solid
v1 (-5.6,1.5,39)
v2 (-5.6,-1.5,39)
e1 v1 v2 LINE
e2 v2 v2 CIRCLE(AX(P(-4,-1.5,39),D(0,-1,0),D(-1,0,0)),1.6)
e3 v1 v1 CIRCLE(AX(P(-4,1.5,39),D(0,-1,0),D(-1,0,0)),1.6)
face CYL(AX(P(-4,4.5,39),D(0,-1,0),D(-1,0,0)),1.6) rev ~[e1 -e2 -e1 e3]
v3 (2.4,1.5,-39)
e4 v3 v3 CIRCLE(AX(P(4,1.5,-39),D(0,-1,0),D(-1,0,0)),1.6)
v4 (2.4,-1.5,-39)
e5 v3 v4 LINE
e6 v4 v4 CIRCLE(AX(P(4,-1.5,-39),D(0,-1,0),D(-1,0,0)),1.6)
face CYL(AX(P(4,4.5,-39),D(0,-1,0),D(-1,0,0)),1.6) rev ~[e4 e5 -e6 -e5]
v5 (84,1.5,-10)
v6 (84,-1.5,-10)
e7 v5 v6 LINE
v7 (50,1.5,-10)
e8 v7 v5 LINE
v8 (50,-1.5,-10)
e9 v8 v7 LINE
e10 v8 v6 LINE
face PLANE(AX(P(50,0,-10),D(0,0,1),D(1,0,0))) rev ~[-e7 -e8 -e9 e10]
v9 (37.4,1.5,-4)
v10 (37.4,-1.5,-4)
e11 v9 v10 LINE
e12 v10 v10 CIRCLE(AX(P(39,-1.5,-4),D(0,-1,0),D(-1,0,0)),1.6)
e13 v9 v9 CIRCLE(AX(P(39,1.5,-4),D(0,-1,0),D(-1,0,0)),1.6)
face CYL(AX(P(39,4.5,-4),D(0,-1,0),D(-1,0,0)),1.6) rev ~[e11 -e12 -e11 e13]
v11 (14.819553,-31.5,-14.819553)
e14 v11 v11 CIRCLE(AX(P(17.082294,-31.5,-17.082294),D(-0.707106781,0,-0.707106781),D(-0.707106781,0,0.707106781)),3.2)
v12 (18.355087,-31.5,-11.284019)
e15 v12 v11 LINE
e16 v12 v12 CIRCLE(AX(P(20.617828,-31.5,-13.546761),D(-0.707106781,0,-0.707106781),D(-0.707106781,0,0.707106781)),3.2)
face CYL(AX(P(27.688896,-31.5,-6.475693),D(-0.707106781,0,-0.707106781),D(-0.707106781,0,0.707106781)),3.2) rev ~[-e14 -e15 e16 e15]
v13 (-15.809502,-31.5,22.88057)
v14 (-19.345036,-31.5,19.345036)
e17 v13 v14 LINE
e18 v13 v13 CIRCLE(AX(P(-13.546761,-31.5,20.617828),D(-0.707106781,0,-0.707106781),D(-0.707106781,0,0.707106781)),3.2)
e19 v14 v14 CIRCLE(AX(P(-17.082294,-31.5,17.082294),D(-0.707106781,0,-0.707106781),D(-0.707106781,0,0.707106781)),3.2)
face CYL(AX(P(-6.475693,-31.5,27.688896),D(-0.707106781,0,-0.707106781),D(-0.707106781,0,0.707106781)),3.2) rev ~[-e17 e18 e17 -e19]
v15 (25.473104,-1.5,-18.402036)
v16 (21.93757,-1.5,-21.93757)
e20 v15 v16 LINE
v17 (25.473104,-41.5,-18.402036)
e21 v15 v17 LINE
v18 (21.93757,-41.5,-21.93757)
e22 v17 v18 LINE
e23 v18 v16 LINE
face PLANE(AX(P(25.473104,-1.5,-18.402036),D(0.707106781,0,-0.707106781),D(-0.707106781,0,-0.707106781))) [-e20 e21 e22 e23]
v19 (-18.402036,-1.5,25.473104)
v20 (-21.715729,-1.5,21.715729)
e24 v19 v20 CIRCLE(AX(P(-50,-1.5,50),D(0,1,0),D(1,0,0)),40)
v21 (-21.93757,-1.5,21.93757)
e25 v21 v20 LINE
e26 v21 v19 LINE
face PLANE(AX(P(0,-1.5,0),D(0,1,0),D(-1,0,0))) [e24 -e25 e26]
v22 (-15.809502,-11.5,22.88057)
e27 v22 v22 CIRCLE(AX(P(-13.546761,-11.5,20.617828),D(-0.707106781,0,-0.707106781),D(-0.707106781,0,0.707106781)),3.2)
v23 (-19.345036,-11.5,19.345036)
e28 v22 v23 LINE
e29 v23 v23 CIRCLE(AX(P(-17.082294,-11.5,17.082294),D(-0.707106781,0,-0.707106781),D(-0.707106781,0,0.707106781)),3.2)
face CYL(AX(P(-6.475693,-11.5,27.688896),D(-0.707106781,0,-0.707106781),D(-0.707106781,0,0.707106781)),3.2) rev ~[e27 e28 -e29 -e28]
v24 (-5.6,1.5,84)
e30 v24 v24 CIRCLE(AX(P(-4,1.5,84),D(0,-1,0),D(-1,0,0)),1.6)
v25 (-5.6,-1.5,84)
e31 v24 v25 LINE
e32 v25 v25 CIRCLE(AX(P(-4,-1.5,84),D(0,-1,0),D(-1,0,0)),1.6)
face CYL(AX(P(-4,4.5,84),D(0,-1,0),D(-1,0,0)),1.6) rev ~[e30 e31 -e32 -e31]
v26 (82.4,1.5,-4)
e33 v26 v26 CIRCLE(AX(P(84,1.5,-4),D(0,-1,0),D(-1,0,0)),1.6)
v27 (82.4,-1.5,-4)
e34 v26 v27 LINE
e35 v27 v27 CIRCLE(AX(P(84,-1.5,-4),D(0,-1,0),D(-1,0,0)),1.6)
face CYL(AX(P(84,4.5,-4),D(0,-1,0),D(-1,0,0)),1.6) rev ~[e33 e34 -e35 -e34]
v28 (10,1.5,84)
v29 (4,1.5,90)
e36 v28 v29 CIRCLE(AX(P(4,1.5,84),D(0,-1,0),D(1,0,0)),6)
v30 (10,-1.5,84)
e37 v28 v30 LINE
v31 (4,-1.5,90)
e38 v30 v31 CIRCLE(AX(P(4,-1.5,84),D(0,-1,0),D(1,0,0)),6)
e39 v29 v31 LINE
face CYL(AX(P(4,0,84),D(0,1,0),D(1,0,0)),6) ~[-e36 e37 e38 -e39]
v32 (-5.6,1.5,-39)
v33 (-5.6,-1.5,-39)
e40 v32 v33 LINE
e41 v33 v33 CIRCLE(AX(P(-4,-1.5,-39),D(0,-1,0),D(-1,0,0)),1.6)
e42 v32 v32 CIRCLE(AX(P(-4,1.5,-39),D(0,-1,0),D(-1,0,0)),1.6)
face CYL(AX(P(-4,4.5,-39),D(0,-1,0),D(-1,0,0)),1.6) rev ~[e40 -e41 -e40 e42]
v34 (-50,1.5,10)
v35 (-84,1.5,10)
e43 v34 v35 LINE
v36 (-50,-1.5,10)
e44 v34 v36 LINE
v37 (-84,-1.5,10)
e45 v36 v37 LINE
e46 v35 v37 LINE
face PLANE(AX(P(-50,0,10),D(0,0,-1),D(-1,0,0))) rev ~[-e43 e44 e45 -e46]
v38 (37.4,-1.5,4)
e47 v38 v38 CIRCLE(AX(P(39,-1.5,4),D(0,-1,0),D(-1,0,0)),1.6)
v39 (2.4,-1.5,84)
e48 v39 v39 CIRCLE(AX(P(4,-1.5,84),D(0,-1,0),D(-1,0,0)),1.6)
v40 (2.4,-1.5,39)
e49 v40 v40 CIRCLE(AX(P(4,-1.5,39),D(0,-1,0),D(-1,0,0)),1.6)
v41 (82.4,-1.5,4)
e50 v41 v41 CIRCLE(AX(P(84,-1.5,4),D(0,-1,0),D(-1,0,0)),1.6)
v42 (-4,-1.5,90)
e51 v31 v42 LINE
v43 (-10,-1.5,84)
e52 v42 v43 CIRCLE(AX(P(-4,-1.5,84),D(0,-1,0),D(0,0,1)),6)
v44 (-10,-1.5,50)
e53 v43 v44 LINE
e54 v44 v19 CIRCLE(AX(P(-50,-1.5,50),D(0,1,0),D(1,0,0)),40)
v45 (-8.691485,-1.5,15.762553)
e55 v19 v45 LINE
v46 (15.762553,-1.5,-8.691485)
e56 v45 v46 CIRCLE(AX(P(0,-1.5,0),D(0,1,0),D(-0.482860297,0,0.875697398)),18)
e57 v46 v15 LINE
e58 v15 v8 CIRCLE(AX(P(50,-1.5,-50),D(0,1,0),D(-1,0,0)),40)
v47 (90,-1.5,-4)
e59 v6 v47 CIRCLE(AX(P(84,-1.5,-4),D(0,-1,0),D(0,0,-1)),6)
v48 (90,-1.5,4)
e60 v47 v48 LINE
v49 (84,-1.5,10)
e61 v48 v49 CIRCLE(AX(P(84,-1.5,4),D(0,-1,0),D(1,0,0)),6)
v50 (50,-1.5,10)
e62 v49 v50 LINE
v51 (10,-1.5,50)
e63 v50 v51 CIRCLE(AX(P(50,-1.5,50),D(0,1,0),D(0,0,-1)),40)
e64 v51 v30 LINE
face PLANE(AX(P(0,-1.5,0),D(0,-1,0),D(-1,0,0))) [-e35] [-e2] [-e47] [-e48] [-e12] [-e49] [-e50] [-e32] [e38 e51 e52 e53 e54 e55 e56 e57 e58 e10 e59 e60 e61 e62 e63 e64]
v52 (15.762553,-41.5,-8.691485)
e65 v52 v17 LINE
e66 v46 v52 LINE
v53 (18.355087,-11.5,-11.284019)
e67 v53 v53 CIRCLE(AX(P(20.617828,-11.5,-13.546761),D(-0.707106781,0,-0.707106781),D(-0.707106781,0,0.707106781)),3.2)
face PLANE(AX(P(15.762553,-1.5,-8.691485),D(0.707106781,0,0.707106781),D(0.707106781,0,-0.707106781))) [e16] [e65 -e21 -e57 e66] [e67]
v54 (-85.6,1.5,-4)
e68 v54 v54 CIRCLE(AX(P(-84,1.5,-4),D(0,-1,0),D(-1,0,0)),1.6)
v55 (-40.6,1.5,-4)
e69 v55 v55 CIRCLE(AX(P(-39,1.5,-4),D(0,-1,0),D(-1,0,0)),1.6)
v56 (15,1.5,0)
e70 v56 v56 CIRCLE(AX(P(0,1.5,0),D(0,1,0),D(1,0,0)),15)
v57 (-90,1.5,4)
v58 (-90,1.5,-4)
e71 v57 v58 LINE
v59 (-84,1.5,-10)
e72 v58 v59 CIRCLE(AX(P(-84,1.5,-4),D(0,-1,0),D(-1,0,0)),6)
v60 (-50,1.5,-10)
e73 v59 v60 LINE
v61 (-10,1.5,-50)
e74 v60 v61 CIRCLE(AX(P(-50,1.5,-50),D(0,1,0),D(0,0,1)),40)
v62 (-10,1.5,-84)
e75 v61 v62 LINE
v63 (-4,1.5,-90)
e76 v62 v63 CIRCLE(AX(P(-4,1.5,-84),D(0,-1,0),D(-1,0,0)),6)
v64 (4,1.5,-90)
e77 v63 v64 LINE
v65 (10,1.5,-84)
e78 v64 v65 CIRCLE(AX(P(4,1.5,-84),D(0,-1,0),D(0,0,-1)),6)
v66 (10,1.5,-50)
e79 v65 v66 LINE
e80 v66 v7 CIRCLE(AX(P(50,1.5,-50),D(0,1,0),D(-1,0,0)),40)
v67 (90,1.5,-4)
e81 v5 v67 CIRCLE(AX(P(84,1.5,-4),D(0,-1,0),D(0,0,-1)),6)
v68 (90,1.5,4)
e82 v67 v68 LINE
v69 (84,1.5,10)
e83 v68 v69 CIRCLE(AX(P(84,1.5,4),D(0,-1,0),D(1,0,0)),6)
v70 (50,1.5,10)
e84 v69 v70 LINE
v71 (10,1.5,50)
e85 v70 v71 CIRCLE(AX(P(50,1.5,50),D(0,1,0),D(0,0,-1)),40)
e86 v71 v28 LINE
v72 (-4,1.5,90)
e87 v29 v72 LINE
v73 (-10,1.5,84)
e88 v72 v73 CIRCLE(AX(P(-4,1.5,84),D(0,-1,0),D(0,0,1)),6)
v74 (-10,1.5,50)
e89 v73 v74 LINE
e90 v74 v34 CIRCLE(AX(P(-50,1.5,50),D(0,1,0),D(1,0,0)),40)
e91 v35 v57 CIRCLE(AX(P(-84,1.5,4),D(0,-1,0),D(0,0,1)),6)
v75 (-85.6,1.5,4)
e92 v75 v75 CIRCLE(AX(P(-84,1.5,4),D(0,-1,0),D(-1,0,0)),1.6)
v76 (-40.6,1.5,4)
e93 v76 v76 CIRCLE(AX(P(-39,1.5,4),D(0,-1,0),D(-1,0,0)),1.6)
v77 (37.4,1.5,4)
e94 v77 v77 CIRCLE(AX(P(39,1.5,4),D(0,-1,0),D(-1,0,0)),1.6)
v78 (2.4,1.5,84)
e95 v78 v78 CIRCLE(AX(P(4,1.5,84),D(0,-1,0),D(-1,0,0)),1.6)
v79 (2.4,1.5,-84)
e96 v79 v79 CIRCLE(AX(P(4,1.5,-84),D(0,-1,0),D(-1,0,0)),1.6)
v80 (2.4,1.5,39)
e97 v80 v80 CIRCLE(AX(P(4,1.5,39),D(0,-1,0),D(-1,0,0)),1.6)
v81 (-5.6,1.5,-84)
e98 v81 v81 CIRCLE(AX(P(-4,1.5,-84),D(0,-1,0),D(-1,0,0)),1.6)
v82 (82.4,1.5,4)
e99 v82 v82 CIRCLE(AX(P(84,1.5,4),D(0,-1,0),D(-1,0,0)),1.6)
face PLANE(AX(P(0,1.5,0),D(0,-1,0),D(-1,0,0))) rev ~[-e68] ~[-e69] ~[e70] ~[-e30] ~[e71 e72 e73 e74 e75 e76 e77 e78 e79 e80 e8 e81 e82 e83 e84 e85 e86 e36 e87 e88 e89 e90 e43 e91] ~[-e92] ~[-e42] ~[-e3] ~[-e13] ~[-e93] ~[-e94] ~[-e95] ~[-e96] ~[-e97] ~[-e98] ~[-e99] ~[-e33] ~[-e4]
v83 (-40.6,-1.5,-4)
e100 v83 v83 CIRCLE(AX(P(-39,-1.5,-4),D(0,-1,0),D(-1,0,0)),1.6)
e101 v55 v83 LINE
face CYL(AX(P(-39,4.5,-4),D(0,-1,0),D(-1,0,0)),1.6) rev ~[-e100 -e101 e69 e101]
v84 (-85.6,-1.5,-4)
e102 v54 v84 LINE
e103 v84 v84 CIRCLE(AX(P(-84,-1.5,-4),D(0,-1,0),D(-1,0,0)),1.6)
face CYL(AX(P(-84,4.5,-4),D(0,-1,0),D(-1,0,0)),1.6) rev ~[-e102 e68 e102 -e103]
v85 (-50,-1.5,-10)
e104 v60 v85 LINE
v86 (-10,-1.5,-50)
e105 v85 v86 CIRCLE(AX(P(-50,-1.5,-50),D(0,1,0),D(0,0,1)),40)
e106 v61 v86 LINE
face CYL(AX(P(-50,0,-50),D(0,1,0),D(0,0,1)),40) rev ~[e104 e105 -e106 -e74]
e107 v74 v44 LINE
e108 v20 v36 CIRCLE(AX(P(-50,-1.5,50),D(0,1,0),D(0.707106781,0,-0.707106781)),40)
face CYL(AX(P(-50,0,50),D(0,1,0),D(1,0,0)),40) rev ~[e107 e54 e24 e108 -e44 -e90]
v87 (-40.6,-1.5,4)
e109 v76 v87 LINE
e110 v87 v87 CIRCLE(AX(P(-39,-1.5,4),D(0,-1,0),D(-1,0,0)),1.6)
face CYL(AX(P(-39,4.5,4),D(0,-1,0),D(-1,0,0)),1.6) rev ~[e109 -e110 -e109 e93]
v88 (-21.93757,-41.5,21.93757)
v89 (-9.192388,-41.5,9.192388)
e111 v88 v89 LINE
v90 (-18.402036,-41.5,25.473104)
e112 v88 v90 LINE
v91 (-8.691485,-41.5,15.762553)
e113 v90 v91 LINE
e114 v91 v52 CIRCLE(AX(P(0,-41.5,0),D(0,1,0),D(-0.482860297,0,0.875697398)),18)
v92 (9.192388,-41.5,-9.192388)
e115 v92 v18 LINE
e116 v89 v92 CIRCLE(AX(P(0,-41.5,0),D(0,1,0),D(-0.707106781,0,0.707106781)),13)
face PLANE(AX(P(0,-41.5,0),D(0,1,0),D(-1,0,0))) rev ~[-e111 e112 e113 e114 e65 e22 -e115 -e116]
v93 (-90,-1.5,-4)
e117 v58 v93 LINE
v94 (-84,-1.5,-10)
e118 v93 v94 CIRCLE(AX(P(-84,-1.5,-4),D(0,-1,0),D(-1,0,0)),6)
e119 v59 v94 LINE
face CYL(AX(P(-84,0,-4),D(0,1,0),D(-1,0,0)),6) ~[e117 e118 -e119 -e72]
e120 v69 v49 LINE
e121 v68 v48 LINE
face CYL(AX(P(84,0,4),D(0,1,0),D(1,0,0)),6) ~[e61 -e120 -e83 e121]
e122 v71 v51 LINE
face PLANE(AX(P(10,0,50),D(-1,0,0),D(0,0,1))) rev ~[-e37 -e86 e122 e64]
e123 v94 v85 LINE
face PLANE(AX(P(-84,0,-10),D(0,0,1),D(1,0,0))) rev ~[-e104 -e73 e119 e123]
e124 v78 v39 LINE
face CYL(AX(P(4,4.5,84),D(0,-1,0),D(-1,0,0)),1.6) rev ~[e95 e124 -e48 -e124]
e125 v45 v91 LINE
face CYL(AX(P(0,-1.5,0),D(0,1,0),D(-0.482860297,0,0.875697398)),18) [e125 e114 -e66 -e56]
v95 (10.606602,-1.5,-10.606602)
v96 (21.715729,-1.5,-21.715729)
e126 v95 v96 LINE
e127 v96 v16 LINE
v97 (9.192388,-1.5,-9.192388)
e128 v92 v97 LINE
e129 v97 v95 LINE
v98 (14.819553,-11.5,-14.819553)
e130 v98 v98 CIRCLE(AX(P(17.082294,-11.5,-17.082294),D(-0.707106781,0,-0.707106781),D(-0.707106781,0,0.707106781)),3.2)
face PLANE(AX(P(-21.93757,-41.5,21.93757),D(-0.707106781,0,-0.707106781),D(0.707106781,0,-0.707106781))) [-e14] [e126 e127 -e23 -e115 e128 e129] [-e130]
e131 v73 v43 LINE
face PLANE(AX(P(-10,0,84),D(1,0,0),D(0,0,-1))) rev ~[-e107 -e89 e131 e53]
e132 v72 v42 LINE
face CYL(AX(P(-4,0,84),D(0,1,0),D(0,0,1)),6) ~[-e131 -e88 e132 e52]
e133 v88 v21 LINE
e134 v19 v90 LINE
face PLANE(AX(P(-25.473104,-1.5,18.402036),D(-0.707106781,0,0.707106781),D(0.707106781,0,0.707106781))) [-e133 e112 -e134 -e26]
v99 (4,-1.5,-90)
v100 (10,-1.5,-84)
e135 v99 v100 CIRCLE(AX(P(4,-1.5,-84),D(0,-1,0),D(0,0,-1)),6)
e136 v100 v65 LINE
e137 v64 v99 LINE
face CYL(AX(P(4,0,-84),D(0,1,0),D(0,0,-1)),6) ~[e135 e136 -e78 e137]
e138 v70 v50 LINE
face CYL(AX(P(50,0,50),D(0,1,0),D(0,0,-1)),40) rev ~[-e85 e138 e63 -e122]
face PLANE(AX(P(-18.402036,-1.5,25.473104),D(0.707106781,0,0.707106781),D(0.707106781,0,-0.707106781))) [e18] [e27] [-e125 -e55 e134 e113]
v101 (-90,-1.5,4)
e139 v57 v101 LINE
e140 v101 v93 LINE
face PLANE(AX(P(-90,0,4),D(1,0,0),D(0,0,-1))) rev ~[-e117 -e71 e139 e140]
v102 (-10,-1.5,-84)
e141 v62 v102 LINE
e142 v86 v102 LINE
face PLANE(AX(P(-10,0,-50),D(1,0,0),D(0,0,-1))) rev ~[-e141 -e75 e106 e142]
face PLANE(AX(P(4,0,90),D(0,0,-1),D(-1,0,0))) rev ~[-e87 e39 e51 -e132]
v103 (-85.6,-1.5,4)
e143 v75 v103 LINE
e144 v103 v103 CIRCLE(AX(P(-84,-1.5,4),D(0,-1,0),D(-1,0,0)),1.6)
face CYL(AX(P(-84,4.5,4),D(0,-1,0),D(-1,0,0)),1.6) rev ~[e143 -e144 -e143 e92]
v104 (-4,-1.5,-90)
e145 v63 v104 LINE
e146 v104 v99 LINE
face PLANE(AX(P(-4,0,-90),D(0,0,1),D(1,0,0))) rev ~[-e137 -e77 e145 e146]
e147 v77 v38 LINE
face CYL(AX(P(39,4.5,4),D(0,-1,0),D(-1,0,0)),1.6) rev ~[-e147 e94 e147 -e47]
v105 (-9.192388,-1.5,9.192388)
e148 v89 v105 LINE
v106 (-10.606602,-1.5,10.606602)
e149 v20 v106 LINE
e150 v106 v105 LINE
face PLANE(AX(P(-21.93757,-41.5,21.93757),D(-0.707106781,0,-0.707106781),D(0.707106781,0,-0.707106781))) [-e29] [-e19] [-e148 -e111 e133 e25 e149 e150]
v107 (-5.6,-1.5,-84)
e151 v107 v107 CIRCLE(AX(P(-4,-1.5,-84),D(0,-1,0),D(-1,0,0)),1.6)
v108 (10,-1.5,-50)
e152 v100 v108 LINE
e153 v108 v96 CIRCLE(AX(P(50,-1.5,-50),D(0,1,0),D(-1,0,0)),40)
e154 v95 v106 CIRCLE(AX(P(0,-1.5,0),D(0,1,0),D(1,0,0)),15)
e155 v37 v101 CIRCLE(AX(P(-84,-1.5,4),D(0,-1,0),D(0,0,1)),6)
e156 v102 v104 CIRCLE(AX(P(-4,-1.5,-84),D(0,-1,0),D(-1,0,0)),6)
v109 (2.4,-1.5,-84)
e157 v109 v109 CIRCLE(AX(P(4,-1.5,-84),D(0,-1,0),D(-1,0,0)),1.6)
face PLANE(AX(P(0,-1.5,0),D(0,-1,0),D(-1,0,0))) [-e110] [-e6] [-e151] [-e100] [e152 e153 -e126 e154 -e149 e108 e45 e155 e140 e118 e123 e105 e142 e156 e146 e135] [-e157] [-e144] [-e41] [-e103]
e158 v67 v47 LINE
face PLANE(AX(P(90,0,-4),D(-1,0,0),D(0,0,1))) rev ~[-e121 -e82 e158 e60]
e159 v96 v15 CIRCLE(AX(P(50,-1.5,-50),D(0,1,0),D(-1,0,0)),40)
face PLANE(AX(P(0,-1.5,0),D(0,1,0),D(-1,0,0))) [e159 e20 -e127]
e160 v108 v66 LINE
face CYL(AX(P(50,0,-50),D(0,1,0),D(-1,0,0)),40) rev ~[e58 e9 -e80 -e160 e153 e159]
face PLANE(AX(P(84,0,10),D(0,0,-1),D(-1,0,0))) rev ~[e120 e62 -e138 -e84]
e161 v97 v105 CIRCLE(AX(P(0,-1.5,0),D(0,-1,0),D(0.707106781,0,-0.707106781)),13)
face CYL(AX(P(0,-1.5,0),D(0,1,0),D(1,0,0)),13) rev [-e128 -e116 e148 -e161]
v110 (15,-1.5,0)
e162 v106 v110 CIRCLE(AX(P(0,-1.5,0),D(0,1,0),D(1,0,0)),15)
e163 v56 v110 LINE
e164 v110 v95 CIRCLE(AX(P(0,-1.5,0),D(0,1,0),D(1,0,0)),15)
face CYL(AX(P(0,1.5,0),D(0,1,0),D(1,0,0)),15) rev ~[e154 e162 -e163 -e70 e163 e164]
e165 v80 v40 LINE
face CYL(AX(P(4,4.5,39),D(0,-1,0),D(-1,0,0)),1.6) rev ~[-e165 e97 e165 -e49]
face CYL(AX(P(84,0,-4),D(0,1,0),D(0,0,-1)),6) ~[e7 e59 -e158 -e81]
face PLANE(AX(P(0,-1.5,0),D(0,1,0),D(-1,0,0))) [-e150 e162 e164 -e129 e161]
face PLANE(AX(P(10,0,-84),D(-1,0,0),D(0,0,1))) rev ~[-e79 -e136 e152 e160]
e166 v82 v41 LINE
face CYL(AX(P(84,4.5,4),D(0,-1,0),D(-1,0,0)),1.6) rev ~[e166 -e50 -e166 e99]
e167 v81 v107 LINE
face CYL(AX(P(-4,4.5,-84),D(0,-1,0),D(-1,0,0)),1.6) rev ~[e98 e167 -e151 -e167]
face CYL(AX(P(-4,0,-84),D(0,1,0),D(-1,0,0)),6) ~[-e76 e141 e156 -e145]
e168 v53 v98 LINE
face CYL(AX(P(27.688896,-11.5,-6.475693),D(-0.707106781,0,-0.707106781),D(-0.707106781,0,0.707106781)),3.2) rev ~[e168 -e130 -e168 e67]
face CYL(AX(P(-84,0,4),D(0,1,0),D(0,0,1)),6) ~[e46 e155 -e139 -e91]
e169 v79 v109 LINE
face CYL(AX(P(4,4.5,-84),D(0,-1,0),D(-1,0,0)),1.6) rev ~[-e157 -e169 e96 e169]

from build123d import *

# Parameters (mm, degrees)
BOSS_EXTRUDE1_DEPTH      = 1.5
M3_CLEARANCE_HOLE1_D     = 3.2
M3_CLEARANCE_HOLE1_DEPTH = 3
SKETCH5_R                = 15
CUT_EXTRUDE1_DEPTH       = 1
CUT_EXTRUDE1_DEPTH_BACK  = 4
SKETCH6_R                = 13
BOSS_EXTRUDE2_DEPTH      = 40
M6_CLEARANCE_HOLE1_D     = 6.4
M6_CLEARANCE_HOLE1_DEPTH = 10
CUT_EXTRUDE2_DEPTH       = 40


with BuildPart() as part:
    # Sketch1 → Boss-Extrude1 (new body, symmetric)
    with BuildSketch(Plane(origin=(0, 0, 0), x_dir=(1, 0, 0), z_dir=(0, 1, 0))):
        with BuildLine():
            Line((50, 10), (84, 10))
            ThreePointArc((84, 10), (88.242640687, 8.242640687), (90, 4))
            Line((90, 4), (90, -4))
            ThreePointArc((90, -4), (88.242640687, -8.242640687), (84, -10))
            Line((84, -10), (50, -10))
            ThreePointArc((50, -10), (21.715728753, -21.715728753), (10, -50))
            Line((10, -50), (10, -84))
            ThreePointArc((10, -84), (8.242640687, -88.242640687), (4, -90))
            Line((4, -90), (-4, -90))
            ThreePointArc((-4, -90), (-8.242640687, -88.242640687), (-10, -84))
            Line((-10, -84), (-10, -50))
            ThreePointArc((-10, -50), (-21.715728753, -21.715728753), (-50, -10))
            Line((-50, -10), (-84, -10))
            ThreePointArc((-84, -10), (-88.242640687, -8.242640687), (-90, -4))
            Line((-90, -4), (-90, 4))
            ThreePointArc((-90, 4), (-88.242640687, 8.242640687), (-84, 10))
            Line((-84, 10), (-50, 10))
            ThreePointArc((-50, 10), (-21.715728753, 21.715728753), (-10, 50))
            Line((-10, 50), (-10, 84))
            ThreePointArc((-10, 84), (-8.242640687, 88.242640687), (-4, 90))
            Line((-4, 90), (4, 90))
            ThreePointArc((4, 90), (8.242640687, 88.242640687), (10, 84))
            Line((10, 84), (10, 50))
            ThreePointArc((10, 50), (21.715728753, 21.715728753), (50, 10))
        make_face()
    extrude(amount=BOSS_EXTRUDE1_DEPTH, both=True)

    # M3 Clearance Hole1
    with Locations(Plane(origin=(0, 1.5, 0), x_dir=(1, 0, 0), z_dir=(0, 1, 0))):
        with Locations((-84, 4), (-84, -4), (-4, 84), (4, 84), (84, 4), (84, -4), (4, -84), (-4, -84), (-39, 4), (-39, -4), (39, 4), (39, -4), (4, -39), (-4, -39), (-4, 39), (4, 39)):
            Hole(M3_CLEARANCE_HOLE1_D / 2, depth=M3_CLEARANCE_HOLE1_DEPTH)

    # Sketch5 → Cut-Extrude1 (cut, two sides)
    with BuildSketch(Plane(origin=(0, 1.5, 0), x_dir=(1, 0, 0), z_dir=(0, 1, 0))) as cut_extrude1_sk:
        Circle(SKETCH5_R)
    extrude(amount=CUT_EXTRUDE1_DEPTH, mode=Mode.SUBTRACT)
    extrude(cut_extrude1_sk.sketch, amount=-CUT_EXTRUDE1_DEPTH_BACK, mode=Mode.SUBTRACT)

    # Sketch6 → Boss-Extrude2 (add)
    with BuildSketch(Plane.XZ.offset(1.5)):
        with BuildLine():
            Line((-15.762553167, 8.691485355), (-25.473103505, 18.402035693))
            Line((-25.473103505, 18.402035693), (-18.402035693, 25.473103505))
            Line((-18.402035693, 25.473103505), (-8.691485355, 15.762553167))
            ThreePointArc((-8.691485355, 15.762553167), (12.727922061, 12.727922061), (15.762553167, -8.691485355))
            Line((15.762553167, -8.691485355), (25.473103505, -18.402035693))
            Line((25.473103505, -18.402035693), (18.402035693, -25.473103505))
            Line((18.402035693, -25.473103505), (8.691485355, -15.762553167))
            ThreePointArc((8.691485355, -15.762553167), (-12.727922061, -12.727922061), (-15.762553167, 8.691485355))
        make_face()
        Circle(SKETCH6_R, mode=Mode.SUBTRACT)
    extrude(amount=BOSS_EXTRUDE2_DEPTH)

    # M6 Clearance Hole1
    with Locations(Plane(origin=(3.535533906, 0, 3.535533906), x_dir=(0.707106781, 0, -0.707106781), z_dir=(0.707106781, 0, 0.707106781))):
        with Locations((-24.158012459, -11.5), (-24.158012459, -31.5), (24.158012459, -11.5), (24.158012459, -31.5)):
            Hole(M6_CLEARANCE_HOLE1_D / 2, depth=M6_CLEARANCE_HOLE1_DEPTH)

    # Sketch11 → Cut-Extrude2 (cut)
    with BuildSketch(Plane.XZ.offset(41.5)):
        with BuildLine():
            Line((-21.937569599, 21.937569599), (21.937569599, -21.937569599))
            Line((21.937569599, -21.937569599), (18.402035693, -25.473103505))
            Line((18.402035693, -25.473103505), (8.691485355, -15.762553167))
            ThreePointArc((8.691485355, -15.762553167), (-12.727922061, -12.727922061), (-15.762553167, 8.691485355))
            Line((-15.762553167, 8.691485355), (-25.473103505, 18.402035693))
            Line((-25.473103505, 18.402035693), (-21.937569599, 21.937569599))
        make_face()
    extrude(amount=-CUT_EXTRUDE2_DEPTH, mode=Mode.SUBTRACT)


solid = part.part
